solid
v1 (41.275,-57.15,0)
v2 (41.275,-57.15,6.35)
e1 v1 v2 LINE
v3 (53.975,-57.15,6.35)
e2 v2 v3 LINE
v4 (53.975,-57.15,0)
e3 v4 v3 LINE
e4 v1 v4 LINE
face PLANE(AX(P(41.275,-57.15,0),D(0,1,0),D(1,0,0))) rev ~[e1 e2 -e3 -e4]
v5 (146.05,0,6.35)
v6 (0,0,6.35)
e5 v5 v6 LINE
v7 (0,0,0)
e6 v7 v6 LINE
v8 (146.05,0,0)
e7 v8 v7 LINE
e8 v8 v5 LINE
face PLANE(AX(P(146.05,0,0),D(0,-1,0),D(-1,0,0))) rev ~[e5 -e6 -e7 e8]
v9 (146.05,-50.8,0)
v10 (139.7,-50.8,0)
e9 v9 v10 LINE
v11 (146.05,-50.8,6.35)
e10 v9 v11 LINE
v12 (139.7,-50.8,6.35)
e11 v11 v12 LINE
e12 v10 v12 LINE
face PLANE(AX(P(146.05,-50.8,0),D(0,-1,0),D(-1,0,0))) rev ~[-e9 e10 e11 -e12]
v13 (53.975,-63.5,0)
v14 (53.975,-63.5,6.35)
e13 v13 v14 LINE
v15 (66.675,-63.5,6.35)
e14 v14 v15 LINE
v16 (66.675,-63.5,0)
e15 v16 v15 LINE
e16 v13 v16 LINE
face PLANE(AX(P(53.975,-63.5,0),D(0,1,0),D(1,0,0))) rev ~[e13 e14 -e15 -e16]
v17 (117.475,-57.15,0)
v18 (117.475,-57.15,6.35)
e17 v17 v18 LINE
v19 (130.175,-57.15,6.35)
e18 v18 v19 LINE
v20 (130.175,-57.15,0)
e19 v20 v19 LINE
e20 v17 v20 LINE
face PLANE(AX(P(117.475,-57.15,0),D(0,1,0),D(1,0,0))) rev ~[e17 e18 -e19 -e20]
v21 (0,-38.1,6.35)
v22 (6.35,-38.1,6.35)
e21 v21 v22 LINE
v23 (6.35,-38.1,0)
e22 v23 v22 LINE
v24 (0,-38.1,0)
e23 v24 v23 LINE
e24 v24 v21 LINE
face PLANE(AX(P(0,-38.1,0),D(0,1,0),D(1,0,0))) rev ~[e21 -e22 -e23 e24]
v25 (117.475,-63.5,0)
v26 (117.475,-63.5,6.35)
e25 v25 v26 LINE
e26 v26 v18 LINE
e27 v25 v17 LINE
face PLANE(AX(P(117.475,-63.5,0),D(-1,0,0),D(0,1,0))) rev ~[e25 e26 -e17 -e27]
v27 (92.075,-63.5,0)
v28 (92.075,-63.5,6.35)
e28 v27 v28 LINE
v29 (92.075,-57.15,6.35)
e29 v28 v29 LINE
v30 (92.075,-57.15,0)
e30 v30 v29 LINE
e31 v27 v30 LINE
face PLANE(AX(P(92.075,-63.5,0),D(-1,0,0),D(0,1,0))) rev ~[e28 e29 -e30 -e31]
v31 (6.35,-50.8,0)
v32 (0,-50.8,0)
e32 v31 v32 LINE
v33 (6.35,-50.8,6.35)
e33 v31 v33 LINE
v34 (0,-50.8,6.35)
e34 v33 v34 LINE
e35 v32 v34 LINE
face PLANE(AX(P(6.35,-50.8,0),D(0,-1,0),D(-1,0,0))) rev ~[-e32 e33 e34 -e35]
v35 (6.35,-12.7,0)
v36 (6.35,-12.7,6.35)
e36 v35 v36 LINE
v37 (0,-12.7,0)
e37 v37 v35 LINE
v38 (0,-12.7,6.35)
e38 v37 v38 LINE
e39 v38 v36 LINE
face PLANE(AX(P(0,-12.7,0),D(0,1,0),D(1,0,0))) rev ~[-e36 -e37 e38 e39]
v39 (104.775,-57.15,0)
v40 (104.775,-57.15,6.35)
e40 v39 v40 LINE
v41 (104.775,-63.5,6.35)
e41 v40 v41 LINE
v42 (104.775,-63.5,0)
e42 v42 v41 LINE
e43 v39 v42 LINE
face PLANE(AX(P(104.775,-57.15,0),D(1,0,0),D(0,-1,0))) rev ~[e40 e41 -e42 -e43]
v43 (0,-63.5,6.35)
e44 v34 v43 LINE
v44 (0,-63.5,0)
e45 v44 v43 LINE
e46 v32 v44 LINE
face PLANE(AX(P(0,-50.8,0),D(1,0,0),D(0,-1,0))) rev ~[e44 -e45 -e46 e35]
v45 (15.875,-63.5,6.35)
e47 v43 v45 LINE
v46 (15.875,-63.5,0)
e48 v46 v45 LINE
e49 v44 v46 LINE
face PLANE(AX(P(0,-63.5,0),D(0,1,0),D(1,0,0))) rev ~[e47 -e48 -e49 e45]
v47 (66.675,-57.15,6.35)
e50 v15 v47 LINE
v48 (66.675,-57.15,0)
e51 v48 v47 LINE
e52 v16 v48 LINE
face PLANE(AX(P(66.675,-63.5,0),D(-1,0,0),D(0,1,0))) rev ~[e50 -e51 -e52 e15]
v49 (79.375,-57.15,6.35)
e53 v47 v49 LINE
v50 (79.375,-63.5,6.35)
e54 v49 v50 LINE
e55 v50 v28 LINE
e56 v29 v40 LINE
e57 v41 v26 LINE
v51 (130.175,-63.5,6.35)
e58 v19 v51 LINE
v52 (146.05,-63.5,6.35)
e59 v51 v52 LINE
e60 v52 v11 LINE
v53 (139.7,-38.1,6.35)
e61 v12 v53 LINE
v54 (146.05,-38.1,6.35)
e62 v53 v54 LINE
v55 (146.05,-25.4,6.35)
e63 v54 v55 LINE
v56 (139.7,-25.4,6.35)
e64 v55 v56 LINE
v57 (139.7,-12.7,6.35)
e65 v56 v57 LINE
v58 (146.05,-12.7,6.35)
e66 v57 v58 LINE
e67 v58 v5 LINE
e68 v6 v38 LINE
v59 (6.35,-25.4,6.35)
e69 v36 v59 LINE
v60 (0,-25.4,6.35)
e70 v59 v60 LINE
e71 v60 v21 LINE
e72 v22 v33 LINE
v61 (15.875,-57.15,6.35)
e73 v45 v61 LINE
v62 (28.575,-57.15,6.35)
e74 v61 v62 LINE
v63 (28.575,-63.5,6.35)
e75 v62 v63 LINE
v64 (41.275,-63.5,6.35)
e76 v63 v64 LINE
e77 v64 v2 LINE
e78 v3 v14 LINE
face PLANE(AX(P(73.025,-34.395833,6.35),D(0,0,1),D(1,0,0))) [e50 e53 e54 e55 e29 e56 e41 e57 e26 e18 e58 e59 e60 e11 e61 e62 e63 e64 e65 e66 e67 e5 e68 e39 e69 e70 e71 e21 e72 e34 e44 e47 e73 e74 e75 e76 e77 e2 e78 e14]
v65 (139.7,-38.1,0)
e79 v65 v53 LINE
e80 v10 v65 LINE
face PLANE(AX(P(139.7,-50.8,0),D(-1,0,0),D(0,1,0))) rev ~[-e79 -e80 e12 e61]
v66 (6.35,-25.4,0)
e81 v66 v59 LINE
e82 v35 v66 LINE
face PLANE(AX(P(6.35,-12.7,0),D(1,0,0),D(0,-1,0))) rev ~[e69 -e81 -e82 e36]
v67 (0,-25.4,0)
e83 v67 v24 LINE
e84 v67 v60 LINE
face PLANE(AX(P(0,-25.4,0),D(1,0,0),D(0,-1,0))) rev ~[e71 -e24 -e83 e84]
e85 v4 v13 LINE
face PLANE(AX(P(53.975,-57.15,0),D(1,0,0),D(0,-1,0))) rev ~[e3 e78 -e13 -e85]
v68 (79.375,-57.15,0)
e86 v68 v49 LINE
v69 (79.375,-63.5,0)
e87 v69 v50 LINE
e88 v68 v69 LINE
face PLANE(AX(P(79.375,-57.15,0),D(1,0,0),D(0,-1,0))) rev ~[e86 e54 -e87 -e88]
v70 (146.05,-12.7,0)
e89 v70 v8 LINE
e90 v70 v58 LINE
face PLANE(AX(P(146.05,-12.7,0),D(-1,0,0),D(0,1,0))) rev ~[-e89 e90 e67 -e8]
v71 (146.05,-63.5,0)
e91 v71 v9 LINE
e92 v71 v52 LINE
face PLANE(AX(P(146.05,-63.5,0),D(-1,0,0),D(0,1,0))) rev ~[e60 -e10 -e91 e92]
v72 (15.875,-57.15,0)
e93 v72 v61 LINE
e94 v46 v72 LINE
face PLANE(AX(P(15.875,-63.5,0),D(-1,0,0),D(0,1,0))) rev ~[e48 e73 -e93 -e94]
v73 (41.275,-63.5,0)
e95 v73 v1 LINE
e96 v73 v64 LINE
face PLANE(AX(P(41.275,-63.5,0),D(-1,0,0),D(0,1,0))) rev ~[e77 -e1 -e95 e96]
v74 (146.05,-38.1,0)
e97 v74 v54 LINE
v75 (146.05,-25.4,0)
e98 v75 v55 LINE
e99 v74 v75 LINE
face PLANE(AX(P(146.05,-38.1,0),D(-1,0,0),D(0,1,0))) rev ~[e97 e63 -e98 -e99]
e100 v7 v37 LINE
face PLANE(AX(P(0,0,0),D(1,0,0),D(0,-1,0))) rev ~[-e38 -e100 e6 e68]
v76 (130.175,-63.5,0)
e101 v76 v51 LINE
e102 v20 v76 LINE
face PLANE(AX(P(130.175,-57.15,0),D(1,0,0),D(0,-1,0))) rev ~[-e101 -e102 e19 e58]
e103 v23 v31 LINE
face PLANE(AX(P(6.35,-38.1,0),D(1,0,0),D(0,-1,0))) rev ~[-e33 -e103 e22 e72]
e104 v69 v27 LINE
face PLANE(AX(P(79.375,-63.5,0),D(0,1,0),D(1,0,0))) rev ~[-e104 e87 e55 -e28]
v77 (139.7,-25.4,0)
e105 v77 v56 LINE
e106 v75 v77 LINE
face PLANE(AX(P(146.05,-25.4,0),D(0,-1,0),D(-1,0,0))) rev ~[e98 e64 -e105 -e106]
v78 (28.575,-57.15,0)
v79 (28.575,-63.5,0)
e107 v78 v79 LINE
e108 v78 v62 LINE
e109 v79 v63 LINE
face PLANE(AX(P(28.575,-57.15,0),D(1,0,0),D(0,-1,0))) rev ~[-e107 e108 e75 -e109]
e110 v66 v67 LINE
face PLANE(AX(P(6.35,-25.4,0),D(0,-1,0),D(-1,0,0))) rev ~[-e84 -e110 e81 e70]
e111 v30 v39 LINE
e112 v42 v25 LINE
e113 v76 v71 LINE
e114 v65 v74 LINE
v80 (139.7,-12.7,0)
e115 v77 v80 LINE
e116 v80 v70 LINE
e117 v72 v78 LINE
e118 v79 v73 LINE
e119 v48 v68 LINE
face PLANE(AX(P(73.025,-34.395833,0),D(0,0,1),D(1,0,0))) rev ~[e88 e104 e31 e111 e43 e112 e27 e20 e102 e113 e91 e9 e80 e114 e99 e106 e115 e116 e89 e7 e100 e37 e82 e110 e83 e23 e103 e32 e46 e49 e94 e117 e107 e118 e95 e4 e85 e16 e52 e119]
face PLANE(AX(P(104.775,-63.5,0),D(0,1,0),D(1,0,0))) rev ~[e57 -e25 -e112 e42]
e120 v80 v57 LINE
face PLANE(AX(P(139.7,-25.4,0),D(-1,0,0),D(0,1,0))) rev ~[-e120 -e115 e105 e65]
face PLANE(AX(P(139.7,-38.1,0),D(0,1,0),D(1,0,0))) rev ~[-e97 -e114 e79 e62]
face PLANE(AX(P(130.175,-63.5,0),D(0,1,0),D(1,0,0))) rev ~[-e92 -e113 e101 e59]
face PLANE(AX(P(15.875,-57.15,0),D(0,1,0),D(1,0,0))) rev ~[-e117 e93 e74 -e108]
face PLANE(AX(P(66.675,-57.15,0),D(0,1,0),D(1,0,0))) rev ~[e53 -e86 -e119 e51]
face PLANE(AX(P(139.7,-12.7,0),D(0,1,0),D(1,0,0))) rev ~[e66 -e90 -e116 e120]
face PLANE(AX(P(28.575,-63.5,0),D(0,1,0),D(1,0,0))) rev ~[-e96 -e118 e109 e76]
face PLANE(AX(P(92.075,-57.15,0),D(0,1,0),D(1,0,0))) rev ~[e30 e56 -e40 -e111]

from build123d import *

# Parameters (mm, degrees)
F1_DEPTH = 6.35


with BuildPart() as f1:
    # F0 (on Top) → F1 (new body)
    with BuildSketch(Plane.XY):
        Polygon((146.05, 0), (0, 0), (0, -12.7), (6.35, -12.7), (6.35, -25.4), (0, -25.4), (0, -38.1), (6.35, -38.1), (6.35, -50.8), (0, -50.8), (0, -63.5), (15.875, -63.5), (15.875, -57.15), (28.575, -57.15), (28.575, -63.5), (41.275, -63.5), (41.275, -57.15), (53.975, -57.15), (53.975, -63.5), (66.675, -63.5), (66.675, -57.15), (79.375, -57.15), (79.375, -63.5), (92.075, -63.5), (92.075, -57.15), (104.775, -57.15), (104.775, -63.5), (117.475, -63.5), (117.475, -57.15), (130.175, -57.15), (130.175, -63.5), (146.05, -63.5), (146.05, -50.8), (139.7, -50.8), (139.7, -38.1), (146.05, -38.1), (146.05, -25.4), (139.7, -25.4), (139.7, -12.7), (146.05, -12.7), align=None)
    extrude(amount=F1_DEPTH)


solid = f1.part
